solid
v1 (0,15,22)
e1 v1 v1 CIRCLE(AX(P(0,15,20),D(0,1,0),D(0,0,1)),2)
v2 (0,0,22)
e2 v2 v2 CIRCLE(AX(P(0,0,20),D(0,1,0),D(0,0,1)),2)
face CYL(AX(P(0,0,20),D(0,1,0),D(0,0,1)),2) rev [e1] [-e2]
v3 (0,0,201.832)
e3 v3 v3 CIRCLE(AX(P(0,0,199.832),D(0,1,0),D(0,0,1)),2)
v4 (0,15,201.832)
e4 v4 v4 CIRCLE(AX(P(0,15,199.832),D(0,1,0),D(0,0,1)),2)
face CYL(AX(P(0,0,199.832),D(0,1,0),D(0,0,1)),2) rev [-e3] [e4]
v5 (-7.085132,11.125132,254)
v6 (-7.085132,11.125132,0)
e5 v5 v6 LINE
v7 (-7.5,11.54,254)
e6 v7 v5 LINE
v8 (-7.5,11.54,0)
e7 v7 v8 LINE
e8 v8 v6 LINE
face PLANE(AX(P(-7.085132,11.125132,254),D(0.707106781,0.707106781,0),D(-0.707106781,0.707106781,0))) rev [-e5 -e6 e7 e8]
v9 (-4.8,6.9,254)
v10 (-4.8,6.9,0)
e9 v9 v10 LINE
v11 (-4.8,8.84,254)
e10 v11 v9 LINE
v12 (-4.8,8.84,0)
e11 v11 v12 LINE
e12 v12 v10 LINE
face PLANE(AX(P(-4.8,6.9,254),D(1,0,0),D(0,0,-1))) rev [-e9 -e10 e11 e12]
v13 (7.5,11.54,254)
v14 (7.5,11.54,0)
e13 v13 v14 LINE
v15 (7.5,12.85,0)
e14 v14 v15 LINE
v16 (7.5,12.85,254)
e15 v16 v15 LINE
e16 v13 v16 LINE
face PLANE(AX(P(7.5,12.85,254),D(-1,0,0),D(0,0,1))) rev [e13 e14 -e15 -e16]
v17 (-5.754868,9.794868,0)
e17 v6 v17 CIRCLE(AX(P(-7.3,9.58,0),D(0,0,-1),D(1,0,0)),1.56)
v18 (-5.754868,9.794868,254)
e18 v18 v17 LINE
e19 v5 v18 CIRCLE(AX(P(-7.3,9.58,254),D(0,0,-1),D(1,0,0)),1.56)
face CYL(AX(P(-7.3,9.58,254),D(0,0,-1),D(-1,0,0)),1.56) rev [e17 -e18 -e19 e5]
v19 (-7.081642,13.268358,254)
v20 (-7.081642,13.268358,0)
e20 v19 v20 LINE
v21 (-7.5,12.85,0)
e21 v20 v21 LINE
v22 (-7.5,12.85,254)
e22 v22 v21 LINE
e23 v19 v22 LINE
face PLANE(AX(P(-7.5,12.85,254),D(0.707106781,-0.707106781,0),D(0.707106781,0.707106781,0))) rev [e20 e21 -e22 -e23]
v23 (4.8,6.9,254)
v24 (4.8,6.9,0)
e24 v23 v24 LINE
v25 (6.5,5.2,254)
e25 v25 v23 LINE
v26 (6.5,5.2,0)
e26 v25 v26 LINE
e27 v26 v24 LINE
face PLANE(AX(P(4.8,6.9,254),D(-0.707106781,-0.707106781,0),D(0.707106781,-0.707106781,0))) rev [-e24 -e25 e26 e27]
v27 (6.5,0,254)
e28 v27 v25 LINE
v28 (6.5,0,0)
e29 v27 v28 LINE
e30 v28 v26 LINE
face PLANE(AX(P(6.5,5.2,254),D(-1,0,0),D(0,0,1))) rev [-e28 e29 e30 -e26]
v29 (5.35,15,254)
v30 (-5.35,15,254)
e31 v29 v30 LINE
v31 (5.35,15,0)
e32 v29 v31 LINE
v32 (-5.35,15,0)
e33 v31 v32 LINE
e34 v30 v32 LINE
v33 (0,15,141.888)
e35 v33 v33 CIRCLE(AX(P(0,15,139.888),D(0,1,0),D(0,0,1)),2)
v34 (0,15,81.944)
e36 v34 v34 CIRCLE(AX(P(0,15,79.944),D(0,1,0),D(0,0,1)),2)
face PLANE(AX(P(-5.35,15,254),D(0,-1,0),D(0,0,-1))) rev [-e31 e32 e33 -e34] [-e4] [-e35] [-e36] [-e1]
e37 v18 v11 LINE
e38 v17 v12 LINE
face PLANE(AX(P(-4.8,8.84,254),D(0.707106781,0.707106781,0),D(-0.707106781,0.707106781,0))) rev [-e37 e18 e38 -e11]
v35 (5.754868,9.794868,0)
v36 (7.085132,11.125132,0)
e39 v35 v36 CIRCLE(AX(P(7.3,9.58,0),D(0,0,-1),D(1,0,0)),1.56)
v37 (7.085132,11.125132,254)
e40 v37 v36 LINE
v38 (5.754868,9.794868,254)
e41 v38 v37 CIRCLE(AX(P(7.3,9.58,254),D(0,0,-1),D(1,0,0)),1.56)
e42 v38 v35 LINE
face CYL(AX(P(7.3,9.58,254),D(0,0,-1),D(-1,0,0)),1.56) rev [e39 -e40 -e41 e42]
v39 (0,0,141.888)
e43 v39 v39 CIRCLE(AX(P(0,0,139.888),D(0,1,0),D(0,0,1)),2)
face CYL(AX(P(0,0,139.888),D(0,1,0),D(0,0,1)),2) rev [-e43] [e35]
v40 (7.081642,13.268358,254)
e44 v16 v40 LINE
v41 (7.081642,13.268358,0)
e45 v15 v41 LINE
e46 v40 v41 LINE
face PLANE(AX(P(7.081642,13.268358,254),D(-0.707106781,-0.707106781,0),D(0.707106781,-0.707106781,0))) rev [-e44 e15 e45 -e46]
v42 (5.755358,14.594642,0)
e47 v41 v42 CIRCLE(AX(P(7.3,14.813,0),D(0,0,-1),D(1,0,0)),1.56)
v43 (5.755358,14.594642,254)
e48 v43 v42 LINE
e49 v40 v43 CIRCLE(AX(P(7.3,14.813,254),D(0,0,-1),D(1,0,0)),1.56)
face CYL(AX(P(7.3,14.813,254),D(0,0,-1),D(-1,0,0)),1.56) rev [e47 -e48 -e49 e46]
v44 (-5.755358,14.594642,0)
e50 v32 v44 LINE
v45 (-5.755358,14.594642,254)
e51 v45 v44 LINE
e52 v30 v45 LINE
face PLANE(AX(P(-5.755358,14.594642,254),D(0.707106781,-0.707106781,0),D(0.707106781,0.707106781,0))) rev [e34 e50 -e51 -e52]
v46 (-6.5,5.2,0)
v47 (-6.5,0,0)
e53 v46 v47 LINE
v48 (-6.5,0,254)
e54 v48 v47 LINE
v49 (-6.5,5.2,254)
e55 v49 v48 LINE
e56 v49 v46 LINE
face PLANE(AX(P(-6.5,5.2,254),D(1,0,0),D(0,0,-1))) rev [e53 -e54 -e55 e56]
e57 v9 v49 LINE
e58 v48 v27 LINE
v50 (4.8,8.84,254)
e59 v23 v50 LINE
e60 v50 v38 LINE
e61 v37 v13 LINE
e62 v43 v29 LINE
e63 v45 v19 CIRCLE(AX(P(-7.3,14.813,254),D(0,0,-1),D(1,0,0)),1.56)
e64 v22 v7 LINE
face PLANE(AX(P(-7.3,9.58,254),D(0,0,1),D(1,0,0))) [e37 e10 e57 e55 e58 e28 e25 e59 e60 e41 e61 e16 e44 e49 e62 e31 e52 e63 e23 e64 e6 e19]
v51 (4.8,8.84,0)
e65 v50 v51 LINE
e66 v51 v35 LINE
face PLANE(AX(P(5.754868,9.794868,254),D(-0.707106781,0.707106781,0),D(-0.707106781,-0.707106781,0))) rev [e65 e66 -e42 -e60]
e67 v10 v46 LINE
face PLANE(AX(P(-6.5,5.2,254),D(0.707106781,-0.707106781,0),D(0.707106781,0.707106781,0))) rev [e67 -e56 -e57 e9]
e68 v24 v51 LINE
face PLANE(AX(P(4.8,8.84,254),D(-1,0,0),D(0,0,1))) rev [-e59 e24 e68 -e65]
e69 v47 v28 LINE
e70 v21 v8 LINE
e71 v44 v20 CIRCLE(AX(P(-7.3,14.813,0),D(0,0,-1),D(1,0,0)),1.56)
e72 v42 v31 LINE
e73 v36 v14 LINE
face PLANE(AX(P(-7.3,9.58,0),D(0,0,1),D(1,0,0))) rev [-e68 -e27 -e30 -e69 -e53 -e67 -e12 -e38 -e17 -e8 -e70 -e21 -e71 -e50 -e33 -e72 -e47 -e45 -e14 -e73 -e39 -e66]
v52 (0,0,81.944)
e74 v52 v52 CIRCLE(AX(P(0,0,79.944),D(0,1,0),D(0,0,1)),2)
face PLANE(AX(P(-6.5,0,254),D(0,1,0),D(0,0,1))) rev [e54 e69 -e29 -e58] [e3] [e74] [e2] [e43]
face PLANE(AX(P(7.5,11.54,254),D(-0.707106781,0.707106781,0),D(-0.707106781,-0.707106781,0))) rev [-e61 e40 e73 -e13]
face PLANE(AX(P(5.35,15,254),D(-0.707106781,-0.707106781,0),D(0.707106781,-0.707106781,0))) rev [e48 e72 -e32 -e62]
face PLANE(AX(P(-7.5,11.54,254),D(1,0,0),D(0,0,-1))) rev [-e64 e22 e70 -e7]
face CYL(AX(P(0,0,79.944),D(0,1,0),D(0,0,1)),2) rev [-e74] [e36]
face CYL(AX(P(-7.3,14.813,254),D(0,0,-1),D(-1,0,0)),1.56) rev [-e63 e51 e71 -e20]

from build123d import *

# Parameters (mm, degrees)
BOSS_EXTRUDE1_DEPTH = 254
SKETCH2_R           = 2
CUT_EXTRUDE1_DEPTH  = 16


with BuildPart() as part:
    # Sketch1 → Boss-Extrude1 (new body)
    with BuildSketch(Plane.XY):
        with BuildLine():
            Line((-6.5, 0), (6.5, 0))
            Line((6.5, 0), (6.5, 5.2))
            Line((6.5, 5.2), (4.8, 6.9))
            Line((4.8, 6.9), (4.8, 8.84))
            Line((4.8, 8.84), (5.754868434, 9.794868434))
            ThreePointArc((5.754868434, 9.794868434), (6.196913421, 10.683086579), (7.085131566, 11.125131566))
            Line((7.085131566, 11.125131566), (7.5, 11.54))
            Line((7.5, 11.54), (7.5, 12.85))
            Line((7.5, 12.85), (7.08164233, 13.26835767))
            ThreePointArc((7.08164233, 13.26835767), (6.196913421, 13.709913421), (5.75535767, 14.59464233))
            Line((5.75535767, 14.59464233), (5.35, 15))
            Line((5.35, 15), (-5.35, 15))
            Line((-5.35, 15), (-5.75535767, 14.59464233))
            ThreePointArc((-5.75535767, 14.59464233), (-6.196913421, 13.709913421), (-7.08164233, 13.26835767))
            Line((-7.08164233, 13.26835767), (-7.5, 12.85))
            Line((-7.5, 12.85), (-7.5, 11.54))
            Line((-7.5, 11.54), (-7.085131566, 11.125131566))
            ThreePointArc((-7.085131566, 11.125131566), (-6.196913421, 10.683086579), (-5.754868434, 9.794868434))
            Line((-5.754868434, 9.794868434), (-4.8, 8.84))
            Line((-4.8, 8.84), (-4.8, 6.9))
            Line((-4.8, 6.9), (-6.5, 5.2))
            Line((-6.5, 5.2), (-6.5, 0))
        make_face()
    extrude(amount=BOSS_EXTRUDE1_DEPTH)

    # Sketch2 → Cut-Extrude1 (cut, through all)
    with BuildSketch(Plane(origin=(0, 15, 0), x_dir=(1, 0, 0), z_dir=(0, 1, 0))):
        with Locations((0, -20)):
            Circle(SKETCH2_R)
        with Locations((0, -79.944)):
            Circle(SKETCH2_R)
        with Locations((0, -139.888)):
            Circle(SKETCH2_R)
        with Locations((0, -199.832)):
            Circle(SKETCH2_R)
    extrude(amount=-CUT_EXTRUDE1_DEPTH, mode=Mode.SUBTRACT)


solid = part.part
